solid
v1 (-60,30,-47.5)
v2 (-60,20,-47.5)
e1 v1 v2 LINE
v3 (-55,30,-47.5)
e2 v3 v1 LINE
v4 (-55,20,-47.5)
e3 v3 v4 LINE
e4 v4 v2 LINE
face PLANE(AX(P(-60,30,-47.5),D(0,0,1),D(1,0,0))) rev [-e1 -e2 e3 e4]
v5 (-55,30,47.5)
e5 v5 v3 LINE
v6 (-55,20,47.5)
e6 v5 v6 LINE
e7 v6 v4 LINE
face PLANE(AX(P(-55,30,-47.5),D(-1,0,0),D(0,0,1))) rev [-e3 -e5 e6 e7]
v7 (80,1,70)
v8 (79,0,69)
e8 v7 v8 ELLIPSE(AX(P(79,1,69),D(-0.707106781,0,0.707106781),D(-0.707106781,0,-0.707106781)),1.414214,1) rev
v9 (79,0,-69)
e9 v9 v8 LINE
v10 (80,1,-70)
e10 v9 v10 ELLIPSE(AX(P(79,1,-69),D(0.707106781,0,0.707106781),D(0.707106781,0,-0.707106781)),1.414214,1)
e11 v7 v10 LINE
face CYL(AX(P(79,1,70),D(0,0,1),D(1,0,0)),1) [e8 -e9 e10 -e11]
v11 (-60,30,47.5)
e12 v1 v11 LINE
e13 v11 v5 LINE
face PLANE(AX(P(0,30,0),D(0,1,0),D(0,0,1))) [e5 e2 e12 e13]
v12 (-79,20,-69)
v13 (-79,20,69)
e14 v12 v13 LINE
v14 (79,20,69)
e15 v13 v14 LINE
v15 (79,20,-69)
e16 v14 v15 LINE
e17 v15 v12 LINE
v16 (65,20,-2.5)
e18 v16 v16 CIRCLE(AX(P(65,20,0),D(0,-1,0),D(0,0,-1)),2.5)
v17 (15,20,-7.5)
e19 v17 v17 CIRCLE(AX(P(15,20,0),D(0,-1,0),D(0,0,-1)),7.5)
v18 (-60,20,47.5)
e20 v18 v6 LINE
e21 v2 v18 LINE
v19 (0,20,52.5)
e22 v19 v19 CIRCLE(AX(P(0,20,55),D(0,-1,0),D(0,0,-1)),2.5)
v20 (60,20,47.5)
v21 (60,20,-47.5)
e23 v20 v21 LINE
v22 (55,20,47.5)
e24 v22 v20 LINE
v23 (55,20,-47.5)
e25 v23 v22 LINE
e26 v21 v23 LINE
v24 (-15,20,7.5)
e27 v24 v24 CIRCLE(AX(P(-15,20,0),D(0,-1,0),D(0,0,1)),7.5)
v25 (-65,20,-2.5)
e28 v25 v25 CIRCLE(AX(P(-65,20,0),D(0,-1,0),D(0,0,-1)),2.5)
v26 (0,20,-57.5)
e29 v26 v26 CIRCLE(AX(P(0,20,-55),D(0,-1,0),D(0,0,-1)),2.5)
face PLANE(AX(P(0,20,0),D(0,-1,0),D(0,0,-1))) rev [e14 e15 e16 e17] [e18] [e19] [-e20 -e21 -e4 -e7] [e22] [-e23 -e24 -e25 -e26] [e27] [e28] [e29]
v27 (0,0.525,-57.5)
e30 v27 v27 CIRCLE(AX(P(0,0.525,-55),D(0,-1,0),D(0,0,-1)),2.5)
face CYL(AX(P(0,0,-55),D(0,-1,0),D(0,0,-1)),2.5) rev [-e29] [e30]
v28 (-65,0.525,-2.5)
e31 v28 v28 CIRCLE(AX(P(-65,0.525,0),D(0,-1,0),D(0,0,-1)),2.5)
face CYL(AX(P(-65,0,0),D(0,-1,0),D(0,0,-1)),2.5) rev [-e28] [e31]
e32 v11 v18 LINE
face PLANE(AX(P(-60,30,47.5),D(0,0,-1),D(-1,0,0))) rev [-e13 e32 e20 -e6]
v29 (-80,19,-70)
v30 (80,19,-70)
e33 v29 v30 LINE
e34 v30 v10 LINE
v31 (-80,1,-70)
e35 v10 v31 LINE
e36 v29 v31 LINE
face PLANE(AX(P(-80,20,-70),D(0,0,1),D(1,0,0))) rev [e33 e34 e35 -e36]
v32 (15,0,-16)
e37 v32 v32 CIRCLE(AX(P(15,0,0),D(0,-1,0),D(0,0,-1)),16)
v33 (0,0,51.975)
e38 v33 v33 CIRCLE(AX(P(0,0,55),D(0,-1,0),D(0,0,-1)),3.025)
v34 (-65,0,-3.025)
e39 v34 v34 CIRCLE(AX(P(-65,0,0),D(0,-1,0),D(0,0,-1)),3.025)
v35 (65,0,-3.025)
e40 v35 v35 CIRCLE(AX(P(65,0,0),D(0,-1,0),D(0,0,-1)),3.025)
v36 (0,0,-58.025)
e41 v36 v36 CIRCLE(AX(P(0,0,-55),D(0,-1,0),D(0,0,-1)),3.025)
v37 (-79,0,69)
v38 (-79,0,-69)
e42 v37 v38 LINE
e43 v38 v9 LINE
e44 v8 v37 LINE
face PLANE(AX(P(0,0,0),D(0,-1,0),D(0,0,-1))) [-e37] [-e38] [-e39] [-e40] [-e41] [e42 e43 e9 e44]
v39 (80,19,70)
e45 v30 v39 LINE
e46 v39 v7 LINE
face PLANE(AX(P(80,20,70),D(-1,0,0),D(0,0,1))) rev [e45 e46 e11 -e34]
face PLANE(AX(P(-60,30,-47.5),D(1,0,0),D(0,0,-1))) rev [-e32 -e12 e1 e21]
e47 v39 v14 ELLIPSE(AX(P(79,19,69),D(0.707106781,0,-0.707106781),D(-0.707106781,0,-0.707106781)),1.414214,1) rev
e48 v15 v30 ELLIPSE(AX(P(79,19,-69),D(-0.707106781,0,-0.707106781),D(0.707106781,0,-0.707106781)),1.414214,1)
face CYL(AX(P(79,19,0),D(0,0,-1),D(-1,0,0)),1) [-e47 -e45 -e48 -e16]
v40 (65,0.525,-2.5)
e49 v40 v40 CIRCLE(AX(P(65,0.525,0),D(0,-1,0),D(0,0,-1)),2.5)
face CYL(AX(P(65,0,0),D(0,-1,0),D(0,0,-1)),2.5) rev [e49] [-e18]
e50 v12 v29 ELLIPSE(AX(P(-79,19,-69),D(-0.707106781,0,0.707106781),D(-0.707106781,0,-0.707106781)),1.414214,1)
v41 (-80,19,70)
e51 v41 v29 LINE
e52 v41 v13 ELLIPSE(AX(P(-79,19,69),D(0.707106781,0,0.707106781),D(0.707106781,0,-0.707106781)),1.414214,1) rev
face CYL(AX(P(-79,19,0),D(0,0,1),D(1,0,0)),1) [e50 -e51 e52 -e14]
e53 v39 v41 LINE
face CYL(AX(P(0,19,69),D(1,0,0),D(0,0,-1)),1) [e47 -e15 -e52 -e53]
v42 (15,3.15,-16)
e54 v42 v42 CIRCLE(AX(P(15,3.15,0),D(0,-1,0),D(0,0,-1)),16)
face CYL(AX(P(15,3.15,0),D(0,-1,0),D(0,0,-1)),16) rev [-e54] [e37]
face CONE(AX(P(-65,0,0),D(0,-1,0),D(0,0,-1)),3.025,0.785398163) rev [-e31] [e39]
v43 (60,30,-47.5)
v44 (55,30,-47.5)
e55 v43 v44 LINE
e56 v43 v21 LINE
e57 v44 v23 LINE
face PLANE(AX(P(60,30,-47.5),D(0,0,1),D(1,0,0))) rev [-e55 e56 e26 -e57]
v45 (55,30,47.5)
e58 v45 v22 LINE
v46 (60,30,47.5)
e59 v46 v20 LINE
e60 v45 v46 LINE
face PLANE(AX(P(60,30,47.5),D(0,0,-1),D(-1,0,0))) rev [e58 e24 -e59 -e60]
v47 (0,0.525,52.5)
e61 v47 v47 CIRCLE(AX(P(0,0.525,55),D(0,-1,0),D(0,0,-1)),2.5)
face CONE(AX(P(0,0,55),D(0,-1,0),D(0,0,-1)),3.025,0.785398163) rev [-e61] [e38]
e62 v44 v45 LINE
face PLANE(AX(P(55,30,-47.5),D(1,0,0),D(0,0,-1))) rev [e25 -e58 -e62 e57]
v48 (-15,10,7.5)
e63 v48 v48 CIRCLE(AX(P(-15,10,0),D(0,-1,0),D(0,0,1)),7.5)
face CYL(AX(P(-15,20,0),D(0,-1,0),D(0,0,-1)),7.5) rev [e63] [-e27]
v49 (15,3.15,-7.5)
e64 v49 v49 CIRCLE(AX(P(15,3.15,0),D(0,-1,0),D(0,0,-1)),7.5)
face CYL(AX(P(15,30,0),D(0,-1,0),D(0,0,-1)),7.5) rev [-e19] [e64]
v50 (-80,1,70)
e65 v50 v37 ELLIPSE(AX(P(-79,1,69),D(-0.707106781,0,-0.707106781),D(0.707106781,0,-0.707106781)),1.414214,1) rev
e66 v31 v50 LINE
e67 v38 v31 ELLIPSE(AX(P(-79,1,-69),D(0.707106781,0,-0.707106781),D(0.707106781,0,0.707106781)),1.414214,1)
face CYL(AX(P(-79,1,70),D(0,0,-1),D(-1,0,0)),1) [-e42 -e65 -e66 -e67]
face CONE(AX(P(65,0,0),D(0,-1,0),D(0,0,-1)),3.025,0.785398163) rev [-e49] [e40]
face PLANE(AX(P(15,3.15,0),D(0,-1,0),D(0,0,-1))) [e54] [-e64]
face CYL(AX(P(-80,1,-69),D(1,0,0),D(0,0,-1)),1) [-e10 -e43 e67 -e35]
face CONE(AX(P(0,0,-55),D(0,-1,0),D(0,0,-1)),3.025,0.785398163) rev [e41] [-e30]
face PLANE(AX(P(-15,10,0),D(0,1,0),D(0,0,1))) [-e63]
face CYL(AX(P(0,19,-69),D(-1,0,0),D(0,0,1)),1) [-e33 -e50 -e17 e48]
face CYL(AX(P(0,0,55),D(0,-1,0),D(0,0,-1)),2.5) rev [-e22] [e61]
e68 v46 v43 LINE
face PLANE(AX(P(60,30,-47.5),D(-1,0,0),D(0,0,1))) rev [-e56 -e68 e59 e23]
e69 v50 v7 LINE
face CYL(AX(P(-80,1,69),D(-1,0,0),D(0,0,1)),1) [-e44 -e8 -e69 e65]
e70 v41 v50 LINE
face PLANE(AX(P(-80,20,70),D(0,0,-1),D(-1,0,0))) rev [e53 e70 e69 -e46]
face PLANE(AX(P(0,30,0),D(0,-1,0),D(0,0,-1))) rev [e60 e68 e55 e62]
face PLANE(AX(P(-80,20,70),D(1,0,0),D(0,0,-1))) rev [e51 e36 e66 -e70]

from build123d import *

# Parameters (mm, degrees)
SKETCH1_W                   = 160
SKETCH1_H                   = 140
LID_EXTRUDE_DEPTH           = 20
SKETCH3_W                   = 5
SKETCH3_H                   = 95
LOCATION_BAR_EXTRUDE_DEPTH  = 10
M6_TAPPED_HOLE1_D           = 5
M6_TAPPED_HOLE1_CSINK_D     = 6.05
M6_TAPPED_HOLE1_CSINK_ANGLE = 90
SKETCH6_R                   = 16
MOTOR_HOLE_CUT_DEPTH        = 3.15
FILLET2_R                   = 1
SKETCH7_R                   = 7.5
CUT_EXTRUDE1_DEPTH          = 111.453610172
CUT_EXTRUDE3_START          = -10
SKETCH9_R                   = 7.5
CUT_EXTRUDE3_DEPTH          = 10


with BuildPart() as part:
    # Sketch1 → LID_EXTRUDE (new body)
    with BuildSketch(Plane(origin=(0, 0, 0), x_dir=(1, 0, 0), z_dir=(0, 1, 0))):
        Rectangle(SKETCH1_W, SKETCH1_H)
    extrude(amount=LID_EXTRUDE_DEPTH)

    # Sketch3 → LOCATION_BAR_EXTRUDE (add)
    with BuildSketch(Plane(origin=(0, 20, 0), x_dir=(1, 0, 0), z_dir=(0, 1, 0))):
        with Locations((-57.5, 0)):
            Rectangle(SKETCH3_W, SKETCH3_H)
        with Locations((57.5, 0)):
            Rectangle(SKETCH3_W, SKETCH3_H)
    extrude(amount=LOCATION_BAR_EXTRUDE_DEPTH)

    # M6 Tapped Hole1 (through all)
    with Locations(Plane(origin=(0, 0, 55), x_dir=(0, 0, -1), z_dir=(0, -1, 0))):
        with Locations((0, 0), (55, -65)):
            m6_tapped_hole1 = CounterSinkHole(M6_TAPPED_HOLE1_D / 2, M6_TAPPED_HOLE1_CSINK_D / 2, counter_sink_angle=M6_TAPPED_HOLE1_CSINK_ANGLE)

    # Mirror1: M6 Tapped Hole1 across plane
    add(m6_tapped_hole1.mirror(Plane(origin=(0, 0, 0), x_dir=(0, 0, 1), z_dir=(1, 0, 0))), mode=Mode.SUBTRACT)

    # Mirror1 at the second plane: M6 Tapped Hole1 across plane
    add(m6_tapped_hole1.mirror(Plane.XY), mode=Mode.SUBTRACT)

    # Sketch6 → MOTOR_HOLE_CUT (cut)
    with BuildSketch(Plane.XZ):
        with Locations(Location((15, 0, 0), (0, 0, 270))):
            Circle(SKETCH6_R)
    extrude(amount=-MOTOR_HOLE_CUT_DEPTH, mode=Mode.SUBTRACT)

    # Fillet2
    fillet2_edges = [part.edges().sort_by_distance(p)[0] for p in [
        (80, 20, 0),
        (0, 20, -70),
        (-80, 20, 0),
        (0, 0, -70),
        (80, 0, 0),
        (0, 0, 70),
        (-80, 0, 0),
        (0, 20, 70),
    ]]
    fillet(fillet2_edges, radius=FILLET2_R)

    # Sketch7 → Cut-Extrude1 (cut, through all)
    with BuildSketch(Plane.XZ):
        with Locations(Location((15, 0, 0), (0, 0, 270))):
            Circle(SKETCH7_R)
    extrude(amount=-CUT_EXTRUDE1_DEPTH, mode=Mode.SUBTRACT)

    # Sketch9 → Cut-Extrude3 (cut)
    with BuildSketch(Plane.XZ.offset(CUT_EXTRUDE3_START)):
        with Locations(Location((-15, 0, 0), (0, 0, 90))):
            Circle(SKETCH9_R)
    extrude(amount=-CUT_EXTRUDE3_DEPTH, mode=Mode.SUBTRACT)


solid = part.part
